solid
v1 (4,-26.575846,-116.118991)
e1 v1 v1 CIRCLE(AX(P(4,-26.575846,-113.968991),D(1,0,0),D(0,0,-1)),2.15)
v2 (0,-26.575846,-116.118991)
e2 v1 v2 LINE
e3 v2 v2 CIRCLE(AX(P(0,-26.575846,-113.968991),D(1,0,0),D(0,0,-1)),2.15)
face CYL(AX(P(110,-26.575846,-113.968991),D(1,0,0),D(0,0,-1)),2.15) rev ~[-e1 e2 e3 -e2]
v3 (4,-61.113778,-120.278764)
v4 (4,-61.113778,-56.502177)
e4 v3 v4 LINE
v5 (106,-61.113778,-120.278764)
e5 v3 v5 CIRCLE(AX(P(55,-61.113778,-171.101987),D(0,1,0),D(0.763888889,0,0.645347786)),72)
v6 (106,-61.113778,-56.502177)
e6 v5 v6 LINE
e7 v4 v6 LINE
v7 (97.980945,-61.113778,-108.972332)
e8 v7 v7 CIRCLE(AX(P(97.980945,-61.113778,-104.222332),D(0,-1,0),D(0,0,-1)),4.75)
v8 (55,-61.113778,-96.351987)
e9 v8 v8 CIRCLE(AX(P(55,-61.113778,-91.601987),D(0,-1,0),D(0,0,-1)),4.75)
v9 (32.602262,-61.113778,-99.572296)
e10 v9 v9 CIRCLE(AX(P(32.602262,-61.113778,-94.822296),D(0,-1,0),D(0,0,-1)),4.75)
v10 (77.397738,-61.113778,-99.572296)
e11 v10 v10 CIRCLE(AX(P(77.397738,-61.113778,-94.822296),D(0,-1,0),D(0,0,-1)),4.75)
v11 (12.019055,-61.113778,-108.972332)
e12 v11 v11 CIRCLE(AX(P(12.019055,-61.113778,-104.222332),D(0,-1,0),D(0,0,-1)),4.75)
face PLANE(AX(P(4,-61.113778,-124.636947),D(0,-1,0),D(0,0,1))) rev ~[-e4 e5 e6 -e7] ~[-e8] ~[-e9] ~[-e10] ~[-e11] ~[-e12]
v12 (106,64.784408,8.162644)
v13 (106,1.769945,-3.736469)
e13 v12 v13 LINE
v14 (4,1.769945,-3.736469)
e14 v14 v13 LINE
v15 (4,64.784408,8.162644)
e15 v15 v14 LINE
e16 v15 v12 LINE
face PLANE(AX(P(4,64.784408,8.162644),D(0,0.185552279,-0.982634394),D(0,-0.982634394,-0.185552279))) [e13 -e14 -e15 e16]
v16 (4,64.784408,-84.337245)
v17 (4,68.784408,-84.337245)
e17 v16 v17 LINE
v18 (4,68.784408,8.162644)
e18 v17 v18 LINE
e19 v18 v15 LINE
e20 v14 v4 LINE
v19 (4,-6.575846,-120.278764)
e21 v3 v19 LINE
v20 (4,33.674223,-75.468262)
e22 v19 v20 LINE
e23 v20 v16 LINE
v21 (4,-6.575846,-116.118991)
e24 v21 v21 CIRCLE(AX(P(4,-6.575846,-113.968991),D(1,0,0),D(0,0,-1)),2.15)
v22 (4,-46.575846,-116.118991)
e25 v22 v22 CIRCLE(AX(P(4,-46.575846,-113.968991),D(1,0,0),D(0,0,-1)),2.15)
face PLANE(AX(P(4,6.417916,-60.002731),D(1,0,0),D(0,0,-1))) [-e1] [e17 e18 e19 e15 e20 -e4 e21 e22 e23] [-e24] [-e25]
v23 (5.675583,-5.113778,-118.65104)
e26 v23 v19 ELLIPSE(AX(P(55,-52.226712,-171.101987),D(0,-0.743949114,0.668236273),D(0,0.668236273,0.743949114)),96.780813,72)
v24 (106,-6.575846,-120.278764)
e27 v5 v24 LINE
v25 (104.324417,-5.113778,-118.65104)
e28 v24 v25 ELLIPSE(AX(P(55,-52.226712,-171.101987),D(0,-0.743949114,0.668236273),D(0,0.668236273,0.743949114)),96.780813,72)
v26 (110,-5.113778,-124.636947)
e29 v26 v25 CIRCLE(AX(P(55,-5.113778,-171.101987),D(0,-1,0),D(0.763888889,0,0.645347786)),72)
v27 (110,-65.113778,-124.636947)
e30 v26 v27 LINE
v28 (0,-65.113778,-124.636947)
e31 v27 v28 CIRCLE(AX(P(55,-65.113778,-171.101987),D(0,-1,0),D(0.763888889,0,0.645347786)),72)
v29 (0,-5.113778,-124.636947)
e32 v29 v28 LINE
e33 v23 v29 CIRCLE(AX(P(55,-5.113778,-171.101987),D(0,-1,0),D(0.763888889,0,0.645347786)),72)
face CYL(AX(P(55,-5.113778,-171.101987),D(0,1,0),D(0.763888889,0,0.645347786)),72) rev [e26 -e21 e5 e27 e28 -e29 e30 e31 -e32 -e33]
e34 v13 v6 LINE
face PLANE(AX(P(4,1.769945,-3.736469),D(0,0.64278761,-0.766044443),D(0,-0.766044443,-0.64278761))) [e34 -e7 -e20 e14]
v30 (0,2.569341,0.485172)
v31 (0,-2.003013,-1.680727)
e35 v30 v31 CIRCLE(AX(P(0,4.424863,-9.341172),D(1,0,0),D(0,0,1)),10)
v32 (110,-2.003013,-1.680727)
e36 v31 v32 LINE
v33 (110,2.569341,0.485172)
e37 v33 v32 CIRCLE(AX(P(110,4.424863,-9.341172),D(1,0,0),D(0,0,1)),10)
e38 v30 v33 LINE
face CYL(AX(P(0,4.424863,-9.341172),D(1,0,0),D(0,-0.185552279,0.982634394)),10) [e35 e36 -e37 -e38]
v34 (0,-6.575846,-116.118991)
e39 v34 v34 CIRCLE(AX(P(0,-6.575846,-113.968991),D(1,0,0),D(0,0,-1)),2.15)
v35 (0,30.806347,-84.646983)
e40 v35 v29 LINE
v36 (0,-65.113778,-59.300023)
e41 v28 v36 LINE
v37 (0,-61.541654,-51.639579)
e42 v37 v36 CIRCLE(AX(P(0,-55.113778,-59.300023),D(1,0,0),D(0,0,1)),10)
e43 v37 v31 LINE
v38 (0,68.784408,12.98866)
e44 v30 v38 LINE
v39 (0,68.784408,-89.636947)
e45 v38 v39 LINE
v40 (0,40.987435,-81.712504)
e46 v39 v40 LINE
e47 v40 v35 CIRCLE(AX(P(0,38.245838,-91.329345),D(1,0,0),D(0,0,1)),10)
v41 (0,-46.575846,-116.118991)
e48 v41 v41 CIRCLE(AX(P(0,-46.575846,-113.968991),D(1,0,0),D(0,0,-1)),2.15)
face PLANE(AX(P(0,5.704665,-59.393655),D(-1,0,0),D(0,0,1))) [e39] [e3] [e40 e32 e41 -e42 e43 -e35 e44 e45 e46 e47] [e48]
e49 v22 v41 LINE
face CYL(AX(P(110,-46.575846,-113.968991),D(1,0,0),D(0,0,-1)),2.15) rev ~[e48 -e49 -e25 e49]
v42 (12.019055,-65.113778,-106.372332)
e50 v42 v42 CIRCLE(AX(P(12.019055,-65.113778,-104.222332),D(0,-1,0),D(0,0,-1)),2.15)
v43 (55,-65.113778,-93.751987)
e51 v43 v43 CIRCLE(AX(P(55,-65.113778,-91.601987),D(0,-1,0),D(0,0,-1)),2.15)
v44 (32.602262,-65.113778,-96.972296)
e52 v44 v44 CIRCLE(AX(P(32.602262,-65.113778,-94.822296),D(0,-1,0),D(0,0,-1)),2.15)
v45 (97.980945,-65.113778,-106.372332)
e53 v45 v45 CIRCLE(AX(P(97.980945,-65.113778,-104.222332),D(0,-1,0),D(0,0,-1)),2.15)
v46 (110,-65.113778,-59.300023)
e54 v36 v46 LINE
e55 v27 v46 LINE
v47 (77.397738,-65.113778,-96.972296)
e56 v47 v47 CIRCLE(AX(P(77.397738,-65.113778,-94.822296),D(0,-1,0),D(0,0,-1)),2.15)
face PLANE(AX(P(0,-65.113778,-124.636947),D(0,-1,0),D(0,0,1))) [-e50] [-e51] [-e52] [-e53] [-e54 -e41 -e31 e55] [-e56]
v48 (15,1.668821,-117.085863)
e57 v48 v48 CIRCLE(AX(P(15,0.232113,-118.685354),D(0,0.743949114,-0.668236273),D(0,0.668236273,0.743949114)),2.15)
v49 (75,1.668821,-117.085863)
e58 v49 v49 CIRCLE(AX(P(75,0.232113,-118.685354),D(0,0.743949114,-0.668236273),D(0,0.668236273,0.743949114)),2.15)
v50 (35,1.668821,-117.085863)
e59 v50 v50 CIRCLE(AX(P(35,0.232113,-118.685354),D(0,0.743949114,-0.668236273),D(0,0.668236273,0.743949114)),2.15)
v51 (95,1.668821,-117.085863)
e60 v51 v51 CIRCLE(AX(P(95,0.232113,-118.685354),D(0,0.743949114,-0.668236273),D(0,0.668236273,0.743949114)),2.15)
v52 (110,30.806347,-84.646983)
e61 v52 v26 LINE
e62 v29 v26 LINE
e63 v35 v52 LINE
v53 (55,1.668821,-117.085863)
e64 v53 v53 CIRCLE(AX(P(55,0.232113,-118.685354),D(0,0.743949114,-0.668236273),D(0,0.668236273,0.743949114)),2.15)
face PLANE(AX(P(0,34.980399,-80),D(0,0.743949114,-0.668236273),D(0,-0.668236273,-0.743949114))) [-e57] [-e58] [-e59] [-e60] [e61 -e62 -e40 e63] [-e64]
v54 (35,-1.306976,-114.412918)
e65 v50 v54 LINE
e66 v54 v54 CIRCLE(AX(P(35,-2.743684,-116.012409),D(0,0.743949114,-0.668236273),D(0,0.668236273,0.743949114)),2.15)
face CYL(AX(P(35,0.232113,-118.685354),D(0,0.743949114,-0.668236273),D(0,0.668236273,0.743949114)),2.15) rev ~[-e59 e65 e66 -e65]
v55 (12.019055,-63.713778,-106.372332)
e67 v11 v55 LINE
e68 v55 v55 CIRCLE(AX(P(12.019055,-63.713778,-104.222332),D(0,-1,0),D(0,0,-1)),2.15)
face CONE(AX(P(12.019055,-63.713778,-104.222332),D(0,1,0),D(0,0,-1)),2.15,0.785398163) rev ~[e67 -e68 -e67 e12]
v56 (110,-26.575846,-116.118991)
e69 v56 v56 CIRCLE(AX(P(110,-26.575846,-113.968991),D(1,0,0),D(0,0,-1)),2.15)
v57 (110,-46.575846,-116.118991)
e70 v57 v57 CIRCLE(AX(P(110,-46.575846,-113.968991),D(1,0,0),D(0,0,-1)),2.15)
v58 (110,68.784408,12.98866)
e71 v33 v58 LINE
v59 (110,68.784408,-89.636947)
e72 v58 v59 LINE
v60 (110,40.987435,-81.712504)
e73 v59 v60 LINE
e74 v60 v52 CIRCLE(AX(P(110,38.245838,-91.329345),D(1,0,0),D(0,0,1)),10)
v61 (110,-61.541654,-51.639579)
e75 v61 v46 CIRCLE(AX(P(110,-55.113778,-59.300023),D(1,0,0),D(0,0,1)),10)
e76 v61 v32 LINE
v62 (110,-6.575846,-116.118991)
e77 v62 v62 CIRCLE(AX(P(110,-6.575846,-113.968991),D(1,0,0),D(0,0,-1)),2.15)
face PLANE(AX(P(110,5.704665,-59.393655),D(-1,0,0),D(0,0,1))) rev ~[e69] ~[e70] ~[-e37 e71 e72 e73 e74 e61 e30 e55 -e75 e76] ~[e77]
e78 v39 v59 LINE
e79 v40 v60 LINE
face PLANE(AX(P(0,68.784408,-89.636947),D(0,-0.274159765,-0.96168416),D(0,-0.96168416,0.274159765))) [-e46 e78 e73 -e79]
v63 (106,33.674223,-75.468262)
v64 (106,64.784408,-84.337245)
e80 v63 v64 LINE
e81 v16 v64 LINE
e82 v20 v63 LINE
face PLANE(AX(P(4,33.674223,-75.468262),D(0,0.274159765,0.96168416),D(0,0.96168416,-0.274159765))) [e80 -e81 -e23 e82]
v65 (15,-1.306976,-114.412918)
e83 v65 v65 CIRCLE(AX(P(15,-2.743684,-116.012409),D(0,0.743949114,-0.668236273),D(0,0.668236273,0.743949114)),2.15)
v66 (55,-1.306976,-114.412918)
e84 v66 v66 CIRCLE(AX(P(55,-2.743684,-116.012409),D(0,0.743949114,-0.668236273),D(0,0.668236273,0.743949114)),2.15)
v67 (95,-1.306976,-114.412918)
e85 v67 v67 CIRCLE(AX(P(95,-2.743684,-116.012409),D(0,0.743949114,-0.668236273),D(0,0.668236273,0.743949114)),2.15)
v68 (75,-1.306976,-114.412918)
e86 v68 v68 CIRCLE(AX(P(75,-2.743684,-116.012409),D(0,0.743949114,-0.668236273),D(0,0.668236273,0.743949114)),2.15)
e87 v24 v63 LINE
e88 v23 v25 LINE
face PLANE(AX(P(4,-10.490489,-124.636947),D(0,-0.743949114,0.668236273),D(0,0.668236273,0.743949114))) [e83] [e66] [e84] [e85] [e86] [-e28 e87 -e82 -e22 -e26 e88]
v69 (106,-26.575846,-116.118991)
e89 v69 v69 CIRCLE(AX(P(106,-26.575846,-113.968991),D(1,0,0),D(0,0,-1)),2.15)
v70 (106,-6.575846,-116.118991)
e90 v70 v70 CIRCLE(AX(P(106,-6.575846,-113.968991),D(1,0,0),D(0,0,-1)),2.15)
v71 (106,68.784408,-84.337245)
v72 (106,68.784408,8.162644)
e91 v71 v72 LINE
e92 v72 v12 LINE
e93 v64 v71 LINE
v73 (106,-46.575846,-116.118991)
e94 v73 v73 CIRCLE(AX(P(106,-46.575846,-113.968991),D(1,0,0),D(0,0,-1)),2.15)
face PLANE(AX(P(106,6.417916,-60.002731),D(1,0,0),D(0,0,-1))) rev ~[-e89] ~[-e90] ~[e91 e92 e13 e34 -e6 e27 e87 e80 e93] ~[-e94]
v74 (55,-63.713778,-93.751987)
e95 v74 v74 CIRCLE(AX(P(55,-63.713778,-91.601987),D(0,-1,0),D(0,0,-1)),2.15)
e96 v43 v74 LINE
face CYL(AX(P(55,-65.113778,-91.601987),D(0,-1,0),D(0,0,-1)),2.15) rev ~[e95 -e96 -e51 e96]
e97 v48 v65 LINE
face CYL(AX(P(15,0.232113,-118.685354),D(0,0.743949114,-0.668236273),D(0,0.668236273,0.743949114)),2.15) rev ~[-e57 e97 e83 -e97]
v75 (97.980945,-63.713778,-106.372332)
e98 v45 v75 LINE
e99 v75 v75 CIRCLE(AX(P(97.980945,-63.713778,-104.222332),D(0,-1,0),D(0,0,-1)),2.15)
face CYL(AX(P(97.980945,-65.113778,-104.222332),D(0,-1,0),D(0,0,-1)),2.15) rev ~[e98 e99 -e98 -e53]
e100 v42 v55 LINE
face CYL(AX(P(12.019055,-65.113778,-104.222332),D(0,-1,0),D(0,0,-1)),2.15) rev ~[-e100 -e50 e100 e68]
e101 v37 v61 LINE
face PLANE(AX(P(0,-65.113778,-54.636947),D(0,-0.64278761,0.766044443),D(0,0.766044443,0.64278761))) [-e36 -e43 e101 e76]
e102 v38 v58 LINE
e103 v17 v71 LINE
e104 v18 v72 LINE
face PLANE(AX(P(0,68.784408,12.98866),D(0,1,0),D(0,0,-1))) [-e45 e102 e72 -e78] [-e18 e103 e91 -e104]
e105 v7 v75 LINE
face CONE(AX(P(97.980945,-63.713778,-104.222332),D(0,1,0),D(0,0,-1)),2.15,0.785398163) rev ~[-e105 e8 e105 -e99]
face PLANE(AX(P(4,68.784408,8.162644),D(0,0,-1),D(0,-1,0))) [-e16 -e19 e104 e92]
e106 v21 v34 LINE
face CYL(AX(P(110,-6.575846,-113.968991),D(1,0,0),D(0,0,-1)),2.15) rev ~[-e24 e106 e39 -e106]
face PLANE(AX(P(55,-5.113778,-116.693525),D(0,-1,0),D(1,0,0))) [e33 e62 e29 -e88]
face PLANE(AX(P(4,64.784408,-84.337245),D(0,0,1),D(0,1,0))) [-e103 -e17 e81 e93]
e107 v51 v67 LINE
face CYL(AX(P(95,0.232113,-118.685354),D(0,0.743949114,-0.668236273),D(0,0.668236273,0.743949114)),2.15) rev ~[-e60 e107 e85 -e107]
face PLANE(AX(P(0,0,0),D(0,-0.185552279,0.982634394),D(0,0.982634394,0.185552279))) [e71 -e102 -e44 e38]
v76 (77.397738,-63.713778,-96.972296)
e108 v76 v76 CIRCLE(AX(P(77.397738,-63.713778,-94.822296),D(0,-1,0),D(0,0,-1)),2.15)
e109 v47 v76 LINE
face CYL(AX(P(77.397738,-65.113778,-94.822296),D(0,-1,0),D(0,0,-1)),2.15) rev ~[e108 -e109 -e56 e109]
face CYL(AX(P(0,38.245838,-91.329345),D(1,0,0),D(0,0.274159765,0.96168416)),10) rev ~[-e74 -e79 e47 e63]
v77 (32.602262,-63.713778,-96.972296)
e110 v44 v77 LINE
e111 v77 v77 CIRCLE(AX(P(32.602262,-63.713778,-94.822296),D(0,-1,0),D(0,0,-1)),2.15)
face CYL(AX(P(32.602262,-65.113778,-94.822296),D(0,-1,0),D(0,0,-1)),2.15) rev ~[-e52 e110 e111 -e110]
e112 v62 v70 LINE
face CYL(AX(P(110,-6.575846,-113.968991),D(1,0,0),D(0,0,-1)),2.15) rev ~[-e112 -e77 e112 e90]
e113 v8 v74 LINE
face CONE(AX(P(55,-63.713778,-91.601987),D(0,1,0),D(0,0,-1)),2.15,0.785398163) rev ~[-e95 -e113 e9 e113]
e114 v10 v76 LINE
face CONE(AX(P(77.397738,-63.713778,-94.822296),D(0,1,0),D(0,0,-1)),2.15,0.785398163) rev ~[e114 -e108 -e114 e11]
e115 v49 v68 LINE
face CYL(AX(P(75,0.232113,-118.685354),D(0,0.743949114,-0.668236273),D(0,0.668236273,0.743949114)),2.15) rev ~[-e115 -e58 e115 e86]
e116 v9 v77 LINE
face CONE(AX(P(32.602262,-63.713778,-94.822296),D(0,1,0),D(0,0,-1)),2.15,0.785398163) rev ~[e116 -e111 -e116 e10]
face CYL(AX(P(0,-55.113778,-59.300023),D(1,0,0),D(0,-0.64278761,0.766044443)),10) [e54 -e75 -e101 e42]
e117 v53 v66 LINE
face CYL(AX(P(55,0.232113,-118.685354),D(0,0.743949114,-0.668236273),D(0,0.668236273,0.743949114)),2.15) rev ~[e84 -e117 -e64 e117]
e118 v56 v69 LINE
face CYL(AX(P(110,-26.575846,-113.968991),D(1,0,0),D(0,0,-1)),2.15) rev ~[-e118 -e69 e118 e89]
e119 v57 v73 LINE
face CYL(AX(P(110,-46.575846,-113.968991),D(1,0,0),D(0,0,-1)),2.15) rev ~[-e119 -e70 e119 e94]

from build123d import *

# Parameters (mm, degrees)
BOSS_EXTRUDE2_DEPTH = 110
CUT_EXTRUDE1_DEPTH  = 102
CUT_EXTRUDE2_START  = -60
CUT_EXTRUDE2_DEPTH  = 60
FILLET1_R           = 10
SKETCH9_R           = 2.15
CUT_EXTRUDE3_DEPTH  = 4
SKETCH10_R          = 2.15
CUT_EXTRUDE4_DEPTH  = 4
CHAMFER1_SIZE       = 2.6
SKETCH12_R          = 2.15
CUT_EXTRUDE5_DEPTH  = 180.904594821


with BuildPart() as part:
    # Sketch3 → Boss-Extrude2 (new body)
    with BuildSketch(Plane(origin=(0, 0, 0), x_dir=(0, 0, -1), z_dir=(1, 0, 0))):
        Polygon((-12.988659511, 68.784407565), (89.636946823, 68.784407565), (80, 34.980398699), (124.636946823, -5.113777665), (124.636946823, -65.113777665), (54.636946823, -65.113777665), (0, 0), align=None)
    extrude(amount=BOSS_EXTRUDE2_DEPTH)

    # Sketch5 → Cut-Extrude1 (cut)
    with BuildSketch(Plane.ZY.offset(-4)):
        Polygon((-84.337245247, 64.784407565), (-84.337245247, 68.784407565), (8.162643706, 68.784407565), (8.162643706, 64.784407565), (-3.736468645, 1.769945376), (-56.502177456, -61.113777665), (-120.636946823, -61.113777665), (-124.636946823, -61.113777665), (-124.636946823, -10.490489494), (-75.468261848, 33.674223088), align=None)
    extrude(amount=-CUT_EXTRUDE1_DEPTH, mode=Mode.SUBTRACT)

    # Sketch8 → Cut-Extrude2 (cut)
    with BuildSketch(Plane.XZ.offset(65.113777665).offset(CUT_EXTRUDE2_START)):
        with BuildLine():
            Line((0, -124.636946823), (110, -124.636946823))
            ThreePointArc((110, -124.636946823), (55, -99.101987445), (0, -124.636946823))
        make_face()
    extrude(amount=CUT_EXTRUDE2_DEPTH, mode=Mode.SUBTRACT)

    # Fillet1
    fillet1_edges = [part.edges().sort_by_distance(p)[0] for p in [
        (55, 34.980398699, -80),
        (55, -65.113777665, -54.636946823),
        (55, 0, 0),
    ]]
    fillet(fillet1_edges, radius=FILLET1_R)

    # Sketch9 → Cut-Extrude3 (cut)
    with BuildSketch(Plane.XZ.offset(65.113777665)):
        with Locations(Location((55, -91.601987445, 0), (0, 0, 270))):
            Circle(SKETCH9_R)
        with Locations(Location((77.397738269, -94.822296043, 0), (0, 0, 270))):
            Circle(SKETCH9_R)
        with Locations(Location((97.980944988, -104.222331585, 0), (0, 0, 270))):
            Circle(SKETCH9_R)
        with Locations((-23.69080463, -159.787957803)):
            Circle(SKETCH9_R)
        with Locations((-17.315743631, -138.076493912)):
            Circle(SKETCH9_R)
        with Locations((-5.082091161, -119.040559097)):
            Circle(SKETCH9_R)
        with Locations(Location((12.019055012, -104.222331585, 0), (0, 0, 270))):
            Circle(SKETCH9_R)
        with Locations(Location((32.602261731, -94.822296043, 0), (0, 0, 270))):
            Circle(SKETCH9_R)
    extrude(amount=-CUT_EXTRUDE3_DEPTH, mode=Mode.SUBTRACT)

    # Sketch10 → Cut-Extrude4 (cut)
    with BuildSketch(Plane(origin=(0, 59.13096402, -53.113115226), x_dir=(1, 0, 0), z_dir=(0, 0.7439491137225913, -0.6682362727294672))):
        with Locations(Location((55, 88.140757853, 0), (0, 0, 270))):
            Circle(SKETCH10_R)
        with Locations(Location((75, 88.140757853, 0), (0, 0, 270))):
            Circle(SKETCH10_R)
        with Locations(Location((95, 88.140757853, 0), (0, 0, 270))):
            Circle(SKETCH10_R)
        with Locations(Location((35, 88.140757853, 0), (0, 0, 270))):
            Circle(SKETCH10_R)
        with Locations(Location((15, 88.140757853, 0), (0, 0, 270))):
            Circle(SKETCH10_R)
    extrude(amount=-CUT_EXTRUDE4_DEPTH, mode=Mode.SUBTRACT)

    # Chamfer1
    chamfer1_edges = [part.edges().sort_by_distance(p)[0] for p in [
        (97.980944988, -61.113777665, -102.072331585),
        (77.397738269, -61.113777665, -92.672296043),
        (12.019055012, -61.113777665, -102.072331585),
        (32.602261731, -61.113777665, -92.672296043),
        (55, -61.113777665, -89.451987445),
    ]]
    chamfer(chamfer1_edges, length=CHAMFER1_SIZE)

    # Sketch12 → Cut-Extrude5 (cut, through all)
    with BuildSketch(Plane(origin=(110, 0, 0), x_dir=(0, 0, -1), z_dir=(1, 0, 0))):
        with Locations((113.968990901, -26.575845979)):
            Circle(SKETCH12_R)
        with Locations((113.968990901, -6.575845979)):
            Circle(SKETCH12_R)
        with Locations((113.968990901, -46.575845979)):
            Circle(SKETCH12_R)
    extrude(amount=-CUT_EXTRUDE5_DEPTH, mode=Mode.SUBTRACT)


solid = part.part
